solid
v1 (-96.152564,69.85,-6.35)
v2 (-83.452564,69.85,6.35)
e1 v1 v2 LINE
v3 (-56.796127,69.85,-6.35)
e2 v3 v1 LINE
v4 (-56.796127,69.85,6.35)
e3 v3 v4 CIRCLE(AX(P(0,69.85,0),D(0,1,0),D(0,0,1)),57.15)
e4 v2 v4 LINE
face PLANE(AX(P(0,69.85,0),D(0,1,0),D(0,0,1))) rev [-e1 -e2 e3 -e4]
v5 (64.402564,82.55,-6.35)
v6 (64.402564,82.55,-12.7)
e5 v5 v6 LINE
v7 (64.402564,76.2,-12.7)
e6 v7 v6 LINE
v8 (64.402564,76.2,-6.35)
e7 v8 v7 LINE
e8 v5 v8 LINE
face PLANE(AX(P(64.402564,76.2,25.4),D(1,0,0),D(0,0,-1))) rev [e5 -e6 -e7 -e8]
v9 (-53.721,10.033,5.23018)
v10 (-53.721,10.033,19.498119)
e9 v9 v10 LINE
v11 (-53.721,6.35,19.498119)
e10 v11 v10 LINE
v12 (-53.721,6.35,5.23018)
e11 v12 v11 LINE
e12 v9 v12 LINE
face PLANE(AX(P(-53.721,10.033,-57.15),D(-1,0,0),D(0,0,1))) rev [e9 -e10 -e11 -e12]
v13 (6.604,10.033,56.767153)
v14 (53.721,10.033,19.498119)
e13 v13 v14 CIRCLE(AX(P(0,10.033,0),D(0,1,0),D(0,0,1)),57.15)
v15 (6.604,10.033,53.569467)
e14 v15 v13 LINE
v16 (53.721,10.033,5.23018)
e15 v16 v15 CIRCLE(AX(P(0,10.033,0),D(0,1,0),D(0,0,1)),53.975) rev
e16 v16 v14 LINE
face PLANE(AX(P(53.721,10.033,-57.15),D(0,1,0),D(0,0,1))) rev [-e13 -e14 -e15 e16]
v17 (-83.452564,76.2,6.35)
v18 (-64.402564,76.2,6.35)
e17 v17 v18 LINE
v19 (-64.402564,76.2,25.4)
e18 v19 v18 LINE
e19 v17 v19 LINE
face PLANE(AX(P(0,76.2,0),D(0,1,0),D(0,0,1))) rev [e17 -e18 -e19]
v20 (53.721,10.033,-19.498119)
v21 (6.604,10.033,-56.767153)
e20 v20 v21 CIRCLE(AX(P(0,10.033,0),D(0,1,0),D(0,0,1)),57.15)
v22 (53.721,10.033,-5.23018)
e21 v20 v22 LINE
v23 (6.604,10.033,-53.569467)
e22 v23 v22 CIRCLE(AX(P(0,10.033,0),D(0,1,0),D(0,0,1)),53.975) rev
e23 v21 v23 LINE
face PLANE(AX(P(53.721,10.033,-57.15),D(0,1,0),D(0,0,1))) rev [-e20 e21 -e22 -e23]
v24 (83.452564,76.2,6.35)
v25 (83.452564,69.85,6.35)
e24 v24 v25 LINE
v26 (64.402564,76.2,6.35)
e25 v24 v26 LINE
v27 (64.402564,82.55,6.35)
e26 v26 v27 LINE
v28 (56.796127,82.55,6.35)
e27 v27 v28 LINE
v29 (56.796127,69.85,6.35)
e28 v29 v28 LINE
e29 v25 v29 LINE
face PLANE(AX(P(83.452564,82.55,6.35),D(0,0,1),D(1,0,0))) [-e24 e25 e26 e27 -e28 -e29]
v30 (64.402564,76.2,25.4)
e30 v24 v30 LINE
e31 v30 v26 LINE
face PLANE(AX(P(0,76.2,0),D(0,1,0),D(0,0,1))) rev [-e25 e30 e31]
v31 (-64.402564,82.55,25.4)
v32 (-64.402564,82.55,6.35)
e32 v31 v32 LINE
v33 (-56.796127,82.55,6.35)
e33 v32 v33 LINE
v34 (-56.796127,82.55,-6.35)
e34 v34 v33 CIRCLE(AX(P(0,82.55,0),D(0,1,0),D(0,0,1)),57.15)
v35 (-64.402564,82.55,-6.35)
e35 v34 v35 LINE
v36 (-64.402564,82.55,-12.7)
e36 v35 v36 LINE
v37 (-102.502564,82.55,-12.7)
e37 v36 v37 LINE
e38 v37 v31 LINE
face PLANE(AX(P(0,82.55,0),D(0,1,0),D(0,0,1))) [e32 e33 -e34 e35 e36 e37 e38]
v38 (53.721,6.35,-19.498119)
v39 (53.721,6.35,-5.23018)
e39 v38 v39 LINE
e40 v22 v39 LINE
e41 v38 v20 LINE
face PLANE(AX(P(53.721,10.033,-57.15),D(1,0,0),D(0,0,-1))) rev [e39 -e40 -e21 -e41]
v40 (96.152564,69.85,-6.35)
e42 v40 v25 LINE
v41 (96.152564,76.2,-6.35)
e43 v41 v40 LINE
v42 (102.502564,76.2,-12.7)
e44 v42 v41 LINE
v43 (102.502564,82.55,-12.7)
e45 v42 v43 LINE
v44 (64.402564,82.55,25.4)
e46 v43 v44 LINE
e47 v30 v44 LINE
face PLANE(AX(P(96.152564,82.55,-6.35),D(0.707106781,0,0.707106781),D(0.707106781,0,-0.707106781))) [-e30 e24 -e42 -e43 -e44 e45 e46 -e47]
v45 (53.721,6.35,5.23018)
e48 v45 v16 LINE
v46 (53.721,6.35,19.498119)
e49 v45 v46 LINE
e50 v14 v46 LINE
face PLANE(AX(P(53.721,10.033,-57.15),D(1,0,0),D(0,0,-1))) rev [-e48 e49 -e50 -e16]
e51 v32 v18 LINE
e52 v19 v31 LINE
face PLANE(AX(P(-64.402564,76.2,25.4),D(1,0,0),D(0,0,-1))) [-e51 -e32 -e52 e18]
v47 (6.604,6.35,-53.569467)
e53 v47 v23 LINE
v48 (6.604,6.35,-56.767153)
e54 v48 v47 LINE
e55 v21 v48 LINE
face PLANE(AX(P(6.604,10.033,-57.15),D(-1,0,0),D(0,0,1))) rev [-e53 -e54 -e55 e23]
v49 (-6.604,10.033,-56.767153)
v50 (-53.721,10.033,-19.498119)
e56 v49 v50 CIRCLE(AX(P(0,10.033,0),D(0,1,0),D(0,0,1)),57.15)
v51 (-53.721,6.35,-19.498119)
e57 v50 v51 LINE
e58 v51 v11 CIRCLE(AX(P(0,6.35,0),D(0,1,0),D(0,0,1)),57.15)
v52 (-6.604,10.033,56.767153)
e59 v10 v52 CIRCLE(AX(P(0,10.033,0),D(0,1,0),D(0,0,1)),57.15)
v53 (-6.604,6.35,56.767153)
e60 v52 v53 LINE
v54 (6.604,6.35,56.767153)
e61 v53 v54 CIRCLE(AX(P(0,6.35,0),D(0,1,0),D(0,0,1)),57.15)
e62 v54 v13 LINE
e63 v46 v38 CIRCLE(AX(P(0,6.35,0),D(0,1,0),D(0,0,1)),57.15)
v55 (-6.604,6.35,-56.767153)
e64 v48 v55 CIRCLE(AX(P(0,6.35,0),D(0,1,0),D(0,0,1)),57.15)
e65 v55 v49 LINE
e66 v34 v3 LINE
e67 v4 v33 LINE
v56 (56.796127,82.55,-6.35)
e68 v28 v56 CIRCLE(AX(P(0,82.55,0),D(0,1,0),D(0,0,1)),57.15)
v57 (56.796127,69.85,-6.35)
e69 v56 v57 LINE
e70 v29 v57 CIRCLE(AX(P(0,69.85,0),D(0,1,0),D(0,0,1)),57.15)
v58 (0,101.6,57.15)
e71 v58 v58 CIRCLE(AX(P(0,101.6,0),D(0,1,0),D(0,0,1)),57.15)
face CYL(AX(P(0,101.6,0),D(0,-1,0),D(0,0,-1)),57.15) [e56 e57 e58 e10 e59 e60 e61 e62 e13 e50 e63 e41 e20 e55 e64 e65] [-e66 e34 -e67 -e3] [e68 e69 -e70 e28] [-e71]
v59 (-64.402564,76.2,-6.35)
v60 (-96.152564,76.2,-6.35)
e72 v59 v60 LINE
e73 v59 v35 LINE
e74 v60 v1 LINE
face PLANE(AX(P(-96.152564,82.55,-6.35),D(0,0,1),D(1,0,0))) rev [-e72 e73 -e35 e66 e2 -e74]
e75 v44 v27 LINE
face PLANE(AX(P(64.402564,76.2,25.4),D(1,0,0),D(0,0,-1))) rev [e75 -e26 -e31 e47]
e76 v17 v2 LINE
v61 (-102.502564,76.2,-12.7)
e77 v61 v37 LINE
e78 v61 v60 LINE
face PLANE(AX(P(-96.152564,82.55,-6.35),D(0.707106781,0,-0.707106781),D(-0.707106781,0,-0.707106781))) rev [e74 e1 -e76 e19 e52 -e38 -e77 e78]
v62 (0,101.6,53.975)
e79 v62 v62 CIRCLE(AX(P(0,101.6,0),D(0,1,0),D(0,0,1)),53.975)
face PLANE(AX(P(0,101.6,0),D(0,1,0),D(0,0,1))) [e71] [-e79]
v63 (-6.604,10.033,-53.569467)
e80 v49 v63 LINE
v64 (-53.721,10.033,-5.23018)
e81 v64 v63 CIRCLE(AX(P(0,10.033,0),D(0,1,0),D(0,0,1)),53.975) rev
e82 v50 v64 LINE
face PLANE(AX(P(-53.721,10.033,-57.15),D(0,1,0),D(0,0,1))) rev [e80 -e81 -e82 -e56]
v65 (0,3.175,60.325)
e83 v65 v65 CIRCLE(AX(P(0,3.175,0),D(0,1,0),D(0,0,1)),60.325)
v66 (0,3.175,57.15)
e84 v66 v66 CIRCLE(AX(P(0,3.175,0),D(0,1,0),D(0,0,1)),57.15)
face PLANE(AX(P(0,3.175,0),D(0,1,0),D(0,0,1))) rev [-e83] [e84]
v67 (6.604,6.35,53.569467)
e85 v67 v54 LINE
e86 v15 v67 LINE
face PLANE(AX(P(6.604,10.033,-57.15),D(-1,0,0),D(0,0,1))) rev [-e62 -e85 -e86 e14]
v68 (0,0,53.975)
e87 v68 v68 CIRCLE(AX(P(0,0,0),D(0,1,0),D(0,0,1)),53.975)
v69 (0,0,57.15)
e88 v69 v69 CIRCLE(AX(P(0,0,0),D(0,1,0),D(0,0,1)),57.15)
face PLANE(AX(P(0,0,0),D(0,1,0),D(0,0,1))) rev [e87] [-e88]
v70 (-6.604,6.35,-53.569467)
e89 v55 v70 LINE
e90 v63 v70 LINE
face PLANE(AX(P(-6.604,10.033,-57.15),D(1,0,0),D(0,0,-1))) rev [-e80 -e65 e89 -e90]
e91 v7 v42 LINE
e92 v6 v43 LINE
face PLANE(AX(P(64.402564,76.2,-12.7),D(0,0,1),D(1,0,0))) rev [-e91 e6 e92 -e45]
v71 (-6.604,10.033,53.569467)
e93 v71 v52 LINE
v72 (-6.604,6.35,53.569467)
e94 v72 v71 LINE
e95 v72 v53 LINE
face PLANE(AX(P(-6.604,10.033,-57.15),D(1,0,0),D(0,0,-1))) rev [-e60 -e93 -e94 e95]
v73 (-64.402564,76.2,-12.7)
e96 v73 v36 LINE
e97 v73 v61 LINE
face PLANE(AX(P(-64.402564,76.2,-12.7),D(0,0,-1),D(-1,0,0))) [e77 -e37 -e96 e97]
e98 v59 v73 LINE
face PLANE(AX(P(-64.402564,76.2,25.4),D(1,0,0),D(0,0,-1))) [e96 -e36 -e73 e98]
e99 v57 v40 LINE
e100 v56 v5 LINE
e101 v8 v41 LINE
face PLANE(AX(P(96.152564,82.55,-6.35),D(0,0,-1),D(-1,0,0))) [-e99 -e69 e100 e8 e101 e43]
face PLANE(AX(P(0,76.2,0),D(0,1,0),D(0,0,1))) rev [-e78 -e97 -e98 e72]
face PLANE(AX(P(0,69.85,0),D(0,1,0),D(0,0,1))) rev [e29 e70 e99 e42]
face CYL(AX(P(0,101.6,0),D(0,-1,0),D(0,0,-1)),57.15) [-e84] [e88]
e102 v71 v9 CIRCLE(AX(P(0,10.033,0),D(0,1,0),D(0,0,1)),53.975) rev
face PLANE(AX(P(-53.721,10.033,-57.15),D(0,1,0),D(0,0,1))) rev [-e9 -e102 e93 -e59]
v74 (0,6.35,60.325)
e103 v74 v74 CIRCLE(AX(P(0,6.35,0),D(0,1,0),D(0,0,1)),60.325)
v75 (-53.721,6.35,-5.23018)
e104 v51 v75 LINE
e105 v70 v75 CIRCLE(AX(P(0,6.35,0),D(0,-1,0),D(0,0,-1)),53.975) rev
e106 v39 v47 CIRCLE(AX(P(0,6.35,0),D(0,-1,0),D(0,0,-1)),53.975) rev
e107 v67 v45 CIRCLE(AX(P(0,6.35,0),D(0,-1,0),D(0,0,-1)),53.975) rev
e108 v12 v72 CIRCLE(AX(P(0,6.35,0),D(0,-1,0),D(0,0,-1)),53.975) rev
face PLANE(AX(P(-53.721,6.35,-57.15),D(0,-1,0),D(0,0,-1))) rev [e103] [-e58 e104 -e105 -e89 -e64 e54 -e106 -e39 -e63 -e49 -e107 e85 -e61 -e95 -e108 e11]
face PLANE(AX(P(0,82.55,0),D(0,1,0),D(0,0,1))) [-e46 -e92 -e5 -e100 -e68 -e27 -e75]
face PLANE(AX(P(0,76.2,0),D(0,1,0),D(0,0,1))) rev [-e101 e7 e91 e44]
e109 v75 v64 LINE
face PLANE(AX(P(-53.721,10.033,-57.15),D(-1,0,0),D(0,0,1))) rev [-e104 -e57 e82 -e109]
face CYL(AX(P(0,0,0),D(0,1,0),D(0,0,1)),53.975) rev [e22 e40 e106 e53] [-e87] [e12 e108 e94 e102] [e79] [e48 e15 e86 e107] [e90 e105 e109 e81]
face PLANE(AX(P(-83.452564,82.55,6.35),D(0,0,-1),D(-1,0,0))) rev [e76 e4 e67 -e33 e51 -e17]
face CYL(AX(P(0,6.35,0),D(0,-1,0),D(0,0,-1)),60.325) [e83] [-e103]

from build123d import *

# Parameters (mm, degrees)
SKETCH1_R               = 57.15
BOSS_EXTRUDE1_DEPTH     = 101.6
SKETCH2_R               = 53.975
CUT_EXTRUDE1_DEPTH      = 130.826056707
CUT_EXTRUDE4_DEPTH      = 130.826056707
CUT_EXTRUDE4_DEPTH_BACK = 130.826056707
SKETCH6_W               = 47.117
SKETCH6_H               = 3.683
BOSS_EXTRUDE7_START     = 3.175
SKETCH10_R              = 60.325
SKETCH10_R_2            = 57.15
BOSS_EXTRUDE7_DEPTH     = 3.175
BOSS_EXTRUDE6_START     = 12.7
BOSS_EXTRUDE6_DEPTH     = 12.7
BOSS_EXTRUDE8_DEPTH     = 6.35


with BuildPart() as part:
    # Sketch1 → Boss-Extrude1 (new body)
    with BuildSketch(Plane(origin=(0, 0, 0), x_dir=(1, 0, 0), z_dir=(0, 1, 0))):
        with Locations(Location((0, 0, 0), (0, 0, 270))):
            Circle(SKETCH1_R)
    extrude(amount=BOSS_EXTRUDE1_DEPTH)

    # Sketch2 → Cut-Extrude1 (cut, through all)
    with BuildSketch(Plane(origin=(0, 101.6, 0), x_dir=(1, 0, 0), z_dir=(0, 1, 0))):
        with Locations(Location((0, 0, 0), (0, 0, 270))):
            Circle(SKETCH2_R)
    extrude(amount=-CUT_EXTRUDE1_DEPTH, mode=Mode.SUBTRACT)

    # Sketch6 → Cut-Extrude4 (cut, two sides: drawn at the far end of the back side and taken through both)
    with BuildSketch(Plane.XY.offset(-CUT_EXTRUDE4_DEPTH_BACK)):
        with Locations((-30.1625, 8.1915)):
            Rectangle(SKETCH6_W, SKETCH6_H)
        with Locations((30.1625, 8.1915)):
            Rectangle(SKETCH6_W, SKETCH6_H)
    extrude(amount=CUT_EXTRUDE4_DEPTH + CUT_EXTRUDE4_DEPTH_BACK, mode=Mode.SUBTRACT)

    # Sketch10 → Boss-Extrude7 (add)
    with BuildSketch(Plane(origin=(0, 0, 0), x_dir=(1, 0, 0), z_dir=(0, 1, 0)).offset(BOSS_EXTRUDE7_START)):
        with Locations(Location((0, 0, 0), (0, 0, 270))):
            Circle(SKETCH10_R)
        with Locations(Location((0, 0, 0), (0, 0, 270))):
            Circle(SKETCH10_R_2, mode=Mode.SUBTRACT)
    extrude(amount=BOSS_EXTRUDE7_DEPTH)

    # Sketch9 → Boss-Extrude6 (add)
    with BuildSketch(Plane(origin=(0, 69.85, 0), x_dir=(1, 0, 0), z_dir=(0, 1, 0)).offset(BOSS_EXTRUDE6_START)):
        with BuildLine():
            Line((-83.4525636, -6.35), (-53.600169076, -6.35))
            ThreePointArc((-53.600169076, -6.35), (-53.975, 0), (-53.600169076, 6.35))
            Line((-53.600169076, 6.35), (-96.1525636, 6.35))
            Line((-96.1525636, 6.35), (-83.4525636, -6.35))
        make_face()
    boss_extrude6 = extrude(amount=-BOSS_EXTRUDE6_DEPTH)

    # Sketch11 → Boss-Extrude8 (add)
    with BuildSketch(Plane(origin=(0, 82.55, 0), x_dir=(1, 0, 0), z_dir=(0, 1, 0))):
        Polygon((-64.4025636, -25.4), (-64.4025636, 12.7), (-102.5025636, 12.7), align=None)
    boss_extrude8 = extrude(amount=-BOSS_EXTRUDE8_DEPTH)

    # Mirror1: Boss-Extrude6, Boss-Extrude8 across plane
    add(boss_extrude6.mirror(Plane(origin=(0, 0, 0), x_dir=(0, 0, 1), z_dir=(1, 0, 0))))
    add(boss_extrude8.mirror(Plane(origin=(0, 0, 0), x_dir=(0, 0, 1), z_dir=(1, 0, 0))))


solid = part.part
